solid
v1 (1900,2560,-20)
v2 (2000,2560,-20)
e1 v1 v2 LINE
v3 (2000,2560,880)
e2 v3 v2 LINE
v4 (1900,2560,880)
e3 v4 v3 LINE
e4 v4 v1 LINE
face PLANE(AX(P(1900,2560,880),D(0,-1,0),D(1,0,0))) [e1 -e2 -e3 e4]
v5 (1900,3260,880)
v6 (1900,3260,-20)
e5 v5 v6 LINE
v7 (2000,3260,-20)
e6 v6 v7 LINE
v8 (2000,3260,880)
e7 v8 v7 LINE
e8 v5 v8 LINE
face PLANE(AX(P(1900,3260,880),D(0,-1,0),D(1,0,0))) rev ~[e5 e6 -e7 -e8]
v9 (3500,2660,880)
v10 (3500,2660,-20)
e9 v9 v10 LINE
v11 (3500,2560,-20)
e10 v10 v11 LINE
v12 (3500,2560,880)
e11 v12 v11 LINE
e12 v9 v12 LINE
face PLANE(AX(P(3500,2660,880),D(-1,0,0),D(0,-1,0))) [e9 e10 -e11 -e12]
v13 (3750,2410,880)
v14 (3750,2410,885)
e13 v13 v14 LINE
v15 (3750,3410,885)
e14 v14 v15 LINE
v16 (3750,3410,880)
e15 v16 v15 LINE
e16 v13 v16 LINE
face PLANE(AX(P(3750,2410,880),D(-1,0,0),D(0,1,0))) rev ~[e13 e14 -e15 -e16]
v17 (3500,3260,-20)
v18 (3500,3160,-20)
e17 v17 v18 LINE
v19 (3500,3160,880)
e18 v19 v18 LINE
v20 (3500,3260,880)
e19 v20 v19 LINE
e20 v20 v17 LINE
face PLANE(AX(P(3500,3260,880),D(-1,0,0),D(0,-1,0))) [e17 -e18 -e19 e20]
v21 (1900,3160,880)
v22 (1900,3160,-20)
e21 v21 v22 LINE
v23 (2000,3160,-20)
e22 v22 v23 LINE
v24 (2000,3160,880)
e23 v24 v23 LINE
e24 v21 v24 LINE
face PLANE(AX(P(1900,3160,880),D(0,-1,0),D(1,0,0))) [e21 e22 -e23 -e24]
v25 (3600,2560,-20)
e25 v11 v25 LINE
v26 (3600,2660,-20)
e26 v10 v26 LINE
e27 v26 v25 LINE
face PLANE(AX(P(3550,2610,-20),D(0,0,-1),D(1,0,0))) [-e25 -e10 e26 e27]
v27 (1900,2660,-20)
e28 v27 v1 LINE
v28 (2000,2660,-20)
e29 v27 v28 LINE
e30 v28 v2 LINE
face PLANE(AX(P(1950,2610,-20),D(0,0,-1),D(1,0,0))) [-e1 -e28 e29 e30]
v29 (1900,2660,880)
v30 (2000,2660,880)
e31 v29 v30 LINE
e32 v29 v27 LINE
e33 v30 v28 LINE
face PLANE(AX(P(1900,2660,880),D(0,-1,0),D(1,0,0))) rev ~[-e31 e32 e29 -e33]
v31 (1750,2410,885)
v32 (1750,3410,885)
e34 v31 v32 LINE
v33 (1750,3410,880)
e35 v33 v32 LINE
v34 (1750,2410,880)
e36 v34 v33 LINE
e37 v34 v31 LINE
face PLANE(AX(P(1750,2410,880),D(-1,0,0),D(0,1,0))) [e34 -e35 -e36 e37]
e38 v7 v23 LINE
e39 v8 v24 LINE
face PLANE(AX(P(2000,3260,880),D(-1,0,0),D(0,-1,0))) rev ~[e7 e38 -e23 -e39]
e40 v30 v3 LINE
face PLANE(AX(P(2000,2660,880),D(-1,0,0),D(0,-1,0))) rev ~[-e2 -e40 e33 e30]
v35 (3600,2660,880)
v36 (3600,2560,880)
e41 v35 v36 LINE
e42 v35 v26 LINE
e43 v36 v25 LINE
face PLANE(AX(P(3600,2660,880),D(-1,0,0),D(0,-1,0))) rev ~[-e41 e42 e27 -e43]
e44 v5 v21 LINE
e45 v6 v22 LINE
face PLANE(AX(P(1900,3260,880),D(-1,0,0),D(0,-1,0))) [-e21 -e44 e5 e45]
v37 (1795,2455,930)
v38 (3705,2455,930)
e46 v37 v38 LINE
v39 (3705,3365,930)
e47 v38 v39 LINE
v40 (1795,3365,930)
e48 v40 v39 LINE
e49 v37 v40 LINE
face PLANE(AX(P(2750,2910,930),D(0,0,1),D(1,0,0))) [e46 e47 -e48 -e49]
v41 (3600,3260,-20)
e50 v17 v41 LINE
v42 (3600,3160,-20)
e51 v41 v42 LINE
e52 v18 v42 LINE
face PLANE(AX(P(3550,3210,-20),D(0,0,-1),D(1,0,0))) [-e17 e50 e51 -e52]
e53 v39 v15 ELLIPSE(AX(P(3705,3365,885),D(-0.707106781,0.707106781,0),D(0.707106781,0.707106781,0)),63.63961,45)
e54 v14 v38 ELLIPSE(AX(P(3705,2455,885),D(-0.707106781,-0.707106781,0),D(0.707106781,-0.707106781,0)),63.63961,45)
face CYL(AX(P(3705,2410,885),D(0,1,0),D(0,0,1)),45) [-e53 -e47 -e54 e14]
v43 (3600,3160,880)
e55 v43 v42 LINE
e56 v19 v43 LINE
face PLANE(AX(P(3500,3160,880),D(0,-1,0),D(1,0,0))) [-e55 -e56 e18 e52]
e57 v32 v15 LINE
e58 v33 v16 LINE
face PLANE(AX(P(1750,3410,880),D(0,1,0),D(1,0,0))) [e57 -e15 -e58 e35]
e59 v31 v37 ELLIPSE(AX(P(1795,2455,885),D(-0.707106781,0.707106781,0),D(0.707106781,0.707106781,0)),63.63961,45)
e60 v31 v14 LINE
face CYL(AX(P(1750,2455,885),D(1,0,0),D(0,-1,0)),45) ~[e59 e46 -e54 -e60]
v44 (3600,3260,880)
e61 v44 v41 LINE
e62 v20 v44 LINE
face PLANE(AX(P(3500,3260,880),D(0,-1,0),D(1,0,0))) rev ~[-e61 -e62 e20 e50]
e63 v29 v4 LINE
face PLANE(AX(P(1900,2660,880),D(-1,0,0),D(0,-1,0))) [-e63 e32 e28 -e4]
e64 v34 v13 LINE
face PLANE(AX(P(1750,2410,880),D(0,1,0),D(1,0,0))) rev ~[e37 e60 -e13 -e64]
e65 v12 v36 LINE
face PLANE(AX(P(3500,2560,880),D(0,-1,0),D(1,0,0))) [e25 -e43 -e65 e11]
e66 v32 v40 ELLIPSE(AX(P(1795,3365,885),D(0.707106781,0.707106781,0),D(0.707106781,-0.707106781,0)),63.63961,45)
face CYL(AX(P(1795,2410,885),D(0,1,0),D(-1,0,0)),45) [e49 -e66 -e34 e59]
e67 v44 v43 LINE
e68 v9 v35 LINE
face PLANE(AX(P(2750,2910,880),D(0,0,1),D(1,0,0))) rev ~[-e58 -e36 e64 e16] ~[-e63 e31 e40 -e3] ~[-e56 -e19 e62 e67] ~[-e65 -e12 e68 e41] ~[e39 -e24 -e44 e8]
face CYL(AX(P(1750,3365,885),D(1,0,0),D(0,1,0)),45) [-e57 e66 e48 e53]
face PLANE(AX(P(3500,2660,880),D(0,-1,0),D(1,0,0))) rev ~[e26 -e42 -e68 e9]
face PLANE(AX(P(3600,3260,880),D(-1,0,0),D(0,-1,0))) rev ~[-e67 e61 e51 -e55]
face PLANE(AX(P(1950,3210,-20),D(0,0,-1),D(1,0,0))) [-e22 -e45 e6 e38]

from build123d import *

# Parameters (mm, degrees)
SKETCH186_W  = 2000
SKETCH186_H  = 1000
PAD_DEPTH    = 50
SKETCH187_W  = 100
SKETCH187_H  = 100
PAD001_DEPTH = 900
SKETCH188_W  = 100
SKETCH188_H  = 100
PAD002_DEPTH = 900
SKETCH189_W  = 100
SKETCH189_H  = 100
PAD003_DEPTH = 900
SKETCH190_W  = 100
SKETCH190_H  = 100
PAD004_DEPTH = 900
FILLET_R     = 45


with BuildPart() as part:
    # Sketch186 → Pad (new body)
    with BuildSketch(Plane.XY):
        with Locations((1000, 500)):
            Rectangle(SKETCH186_W, SKETCH186_H)
    extrude(amount=PAD_DEPTH)

    # Sketch187 (on Face5 of Pad) → Pad001 (join)
    with BuildSketch(Plane(origin=(0, 0, 0), x_dir=(1, 0, 0), z_dir=(0, 0, -1))):
        with Locations((200, -200)):
            Rectangle(SKETCH187_W, SKETCH187_H)
    extrude(amount=PAD001_DEPTH)

    # Sketch188 (on Face4 of Pad001) → Pad002 (join)
    with BuildSketch(Plane(origin=(0, 0, 0), x_dir=(1, 0, 0), z_dir=(0, 0, -1))):
        with Locations((1800, -200)):
            Rectangle(SKETCH188_W, SKETCH188_H)
    extrude(amount=PAD002_DEPTH)

    # Sketch189 (on Face4 of Pad002) → Pad003 (join)
    with BuildSketch(Plane(origin=(0, 0, 0), x_dir=(1, 0, 0), z_dir=(0, 0, -1))):
        with Locations((200, -800)):
            Rectangle(SKETCH189_W, SKETCH189_H)
    extrude(amount=PAD003_DEPTH)

    # Sketch190 (on Face4 of Pad003) → Pad004 (join)
    with BuildSketch(Plane(origin=(0, 0, 0), x_dir=(1, 0, 0), z_dir=(0, 0, -1))):
        with Locations((1800, -800)):
            Rectangle(SKETCH190_W, SKETCH190_H)
    extrude(amount=PAD004_DEPTH)

    # Fillet
    fillet_edges = [part.edges().sort_by_distance(p)[0] for p in [
        (1000, 0, 50),
        (2000, 500, 50),
        (1000, 1000, 50),
        (0, 500, 50),
    ]]
    fillet(fillet_edges, radius=FILLET_R)


with BuildPart() as part_1:
    # Body placement: moved
    add(part.part.moved(Location((1750, 2410, 880))))


solid = part_1.part
